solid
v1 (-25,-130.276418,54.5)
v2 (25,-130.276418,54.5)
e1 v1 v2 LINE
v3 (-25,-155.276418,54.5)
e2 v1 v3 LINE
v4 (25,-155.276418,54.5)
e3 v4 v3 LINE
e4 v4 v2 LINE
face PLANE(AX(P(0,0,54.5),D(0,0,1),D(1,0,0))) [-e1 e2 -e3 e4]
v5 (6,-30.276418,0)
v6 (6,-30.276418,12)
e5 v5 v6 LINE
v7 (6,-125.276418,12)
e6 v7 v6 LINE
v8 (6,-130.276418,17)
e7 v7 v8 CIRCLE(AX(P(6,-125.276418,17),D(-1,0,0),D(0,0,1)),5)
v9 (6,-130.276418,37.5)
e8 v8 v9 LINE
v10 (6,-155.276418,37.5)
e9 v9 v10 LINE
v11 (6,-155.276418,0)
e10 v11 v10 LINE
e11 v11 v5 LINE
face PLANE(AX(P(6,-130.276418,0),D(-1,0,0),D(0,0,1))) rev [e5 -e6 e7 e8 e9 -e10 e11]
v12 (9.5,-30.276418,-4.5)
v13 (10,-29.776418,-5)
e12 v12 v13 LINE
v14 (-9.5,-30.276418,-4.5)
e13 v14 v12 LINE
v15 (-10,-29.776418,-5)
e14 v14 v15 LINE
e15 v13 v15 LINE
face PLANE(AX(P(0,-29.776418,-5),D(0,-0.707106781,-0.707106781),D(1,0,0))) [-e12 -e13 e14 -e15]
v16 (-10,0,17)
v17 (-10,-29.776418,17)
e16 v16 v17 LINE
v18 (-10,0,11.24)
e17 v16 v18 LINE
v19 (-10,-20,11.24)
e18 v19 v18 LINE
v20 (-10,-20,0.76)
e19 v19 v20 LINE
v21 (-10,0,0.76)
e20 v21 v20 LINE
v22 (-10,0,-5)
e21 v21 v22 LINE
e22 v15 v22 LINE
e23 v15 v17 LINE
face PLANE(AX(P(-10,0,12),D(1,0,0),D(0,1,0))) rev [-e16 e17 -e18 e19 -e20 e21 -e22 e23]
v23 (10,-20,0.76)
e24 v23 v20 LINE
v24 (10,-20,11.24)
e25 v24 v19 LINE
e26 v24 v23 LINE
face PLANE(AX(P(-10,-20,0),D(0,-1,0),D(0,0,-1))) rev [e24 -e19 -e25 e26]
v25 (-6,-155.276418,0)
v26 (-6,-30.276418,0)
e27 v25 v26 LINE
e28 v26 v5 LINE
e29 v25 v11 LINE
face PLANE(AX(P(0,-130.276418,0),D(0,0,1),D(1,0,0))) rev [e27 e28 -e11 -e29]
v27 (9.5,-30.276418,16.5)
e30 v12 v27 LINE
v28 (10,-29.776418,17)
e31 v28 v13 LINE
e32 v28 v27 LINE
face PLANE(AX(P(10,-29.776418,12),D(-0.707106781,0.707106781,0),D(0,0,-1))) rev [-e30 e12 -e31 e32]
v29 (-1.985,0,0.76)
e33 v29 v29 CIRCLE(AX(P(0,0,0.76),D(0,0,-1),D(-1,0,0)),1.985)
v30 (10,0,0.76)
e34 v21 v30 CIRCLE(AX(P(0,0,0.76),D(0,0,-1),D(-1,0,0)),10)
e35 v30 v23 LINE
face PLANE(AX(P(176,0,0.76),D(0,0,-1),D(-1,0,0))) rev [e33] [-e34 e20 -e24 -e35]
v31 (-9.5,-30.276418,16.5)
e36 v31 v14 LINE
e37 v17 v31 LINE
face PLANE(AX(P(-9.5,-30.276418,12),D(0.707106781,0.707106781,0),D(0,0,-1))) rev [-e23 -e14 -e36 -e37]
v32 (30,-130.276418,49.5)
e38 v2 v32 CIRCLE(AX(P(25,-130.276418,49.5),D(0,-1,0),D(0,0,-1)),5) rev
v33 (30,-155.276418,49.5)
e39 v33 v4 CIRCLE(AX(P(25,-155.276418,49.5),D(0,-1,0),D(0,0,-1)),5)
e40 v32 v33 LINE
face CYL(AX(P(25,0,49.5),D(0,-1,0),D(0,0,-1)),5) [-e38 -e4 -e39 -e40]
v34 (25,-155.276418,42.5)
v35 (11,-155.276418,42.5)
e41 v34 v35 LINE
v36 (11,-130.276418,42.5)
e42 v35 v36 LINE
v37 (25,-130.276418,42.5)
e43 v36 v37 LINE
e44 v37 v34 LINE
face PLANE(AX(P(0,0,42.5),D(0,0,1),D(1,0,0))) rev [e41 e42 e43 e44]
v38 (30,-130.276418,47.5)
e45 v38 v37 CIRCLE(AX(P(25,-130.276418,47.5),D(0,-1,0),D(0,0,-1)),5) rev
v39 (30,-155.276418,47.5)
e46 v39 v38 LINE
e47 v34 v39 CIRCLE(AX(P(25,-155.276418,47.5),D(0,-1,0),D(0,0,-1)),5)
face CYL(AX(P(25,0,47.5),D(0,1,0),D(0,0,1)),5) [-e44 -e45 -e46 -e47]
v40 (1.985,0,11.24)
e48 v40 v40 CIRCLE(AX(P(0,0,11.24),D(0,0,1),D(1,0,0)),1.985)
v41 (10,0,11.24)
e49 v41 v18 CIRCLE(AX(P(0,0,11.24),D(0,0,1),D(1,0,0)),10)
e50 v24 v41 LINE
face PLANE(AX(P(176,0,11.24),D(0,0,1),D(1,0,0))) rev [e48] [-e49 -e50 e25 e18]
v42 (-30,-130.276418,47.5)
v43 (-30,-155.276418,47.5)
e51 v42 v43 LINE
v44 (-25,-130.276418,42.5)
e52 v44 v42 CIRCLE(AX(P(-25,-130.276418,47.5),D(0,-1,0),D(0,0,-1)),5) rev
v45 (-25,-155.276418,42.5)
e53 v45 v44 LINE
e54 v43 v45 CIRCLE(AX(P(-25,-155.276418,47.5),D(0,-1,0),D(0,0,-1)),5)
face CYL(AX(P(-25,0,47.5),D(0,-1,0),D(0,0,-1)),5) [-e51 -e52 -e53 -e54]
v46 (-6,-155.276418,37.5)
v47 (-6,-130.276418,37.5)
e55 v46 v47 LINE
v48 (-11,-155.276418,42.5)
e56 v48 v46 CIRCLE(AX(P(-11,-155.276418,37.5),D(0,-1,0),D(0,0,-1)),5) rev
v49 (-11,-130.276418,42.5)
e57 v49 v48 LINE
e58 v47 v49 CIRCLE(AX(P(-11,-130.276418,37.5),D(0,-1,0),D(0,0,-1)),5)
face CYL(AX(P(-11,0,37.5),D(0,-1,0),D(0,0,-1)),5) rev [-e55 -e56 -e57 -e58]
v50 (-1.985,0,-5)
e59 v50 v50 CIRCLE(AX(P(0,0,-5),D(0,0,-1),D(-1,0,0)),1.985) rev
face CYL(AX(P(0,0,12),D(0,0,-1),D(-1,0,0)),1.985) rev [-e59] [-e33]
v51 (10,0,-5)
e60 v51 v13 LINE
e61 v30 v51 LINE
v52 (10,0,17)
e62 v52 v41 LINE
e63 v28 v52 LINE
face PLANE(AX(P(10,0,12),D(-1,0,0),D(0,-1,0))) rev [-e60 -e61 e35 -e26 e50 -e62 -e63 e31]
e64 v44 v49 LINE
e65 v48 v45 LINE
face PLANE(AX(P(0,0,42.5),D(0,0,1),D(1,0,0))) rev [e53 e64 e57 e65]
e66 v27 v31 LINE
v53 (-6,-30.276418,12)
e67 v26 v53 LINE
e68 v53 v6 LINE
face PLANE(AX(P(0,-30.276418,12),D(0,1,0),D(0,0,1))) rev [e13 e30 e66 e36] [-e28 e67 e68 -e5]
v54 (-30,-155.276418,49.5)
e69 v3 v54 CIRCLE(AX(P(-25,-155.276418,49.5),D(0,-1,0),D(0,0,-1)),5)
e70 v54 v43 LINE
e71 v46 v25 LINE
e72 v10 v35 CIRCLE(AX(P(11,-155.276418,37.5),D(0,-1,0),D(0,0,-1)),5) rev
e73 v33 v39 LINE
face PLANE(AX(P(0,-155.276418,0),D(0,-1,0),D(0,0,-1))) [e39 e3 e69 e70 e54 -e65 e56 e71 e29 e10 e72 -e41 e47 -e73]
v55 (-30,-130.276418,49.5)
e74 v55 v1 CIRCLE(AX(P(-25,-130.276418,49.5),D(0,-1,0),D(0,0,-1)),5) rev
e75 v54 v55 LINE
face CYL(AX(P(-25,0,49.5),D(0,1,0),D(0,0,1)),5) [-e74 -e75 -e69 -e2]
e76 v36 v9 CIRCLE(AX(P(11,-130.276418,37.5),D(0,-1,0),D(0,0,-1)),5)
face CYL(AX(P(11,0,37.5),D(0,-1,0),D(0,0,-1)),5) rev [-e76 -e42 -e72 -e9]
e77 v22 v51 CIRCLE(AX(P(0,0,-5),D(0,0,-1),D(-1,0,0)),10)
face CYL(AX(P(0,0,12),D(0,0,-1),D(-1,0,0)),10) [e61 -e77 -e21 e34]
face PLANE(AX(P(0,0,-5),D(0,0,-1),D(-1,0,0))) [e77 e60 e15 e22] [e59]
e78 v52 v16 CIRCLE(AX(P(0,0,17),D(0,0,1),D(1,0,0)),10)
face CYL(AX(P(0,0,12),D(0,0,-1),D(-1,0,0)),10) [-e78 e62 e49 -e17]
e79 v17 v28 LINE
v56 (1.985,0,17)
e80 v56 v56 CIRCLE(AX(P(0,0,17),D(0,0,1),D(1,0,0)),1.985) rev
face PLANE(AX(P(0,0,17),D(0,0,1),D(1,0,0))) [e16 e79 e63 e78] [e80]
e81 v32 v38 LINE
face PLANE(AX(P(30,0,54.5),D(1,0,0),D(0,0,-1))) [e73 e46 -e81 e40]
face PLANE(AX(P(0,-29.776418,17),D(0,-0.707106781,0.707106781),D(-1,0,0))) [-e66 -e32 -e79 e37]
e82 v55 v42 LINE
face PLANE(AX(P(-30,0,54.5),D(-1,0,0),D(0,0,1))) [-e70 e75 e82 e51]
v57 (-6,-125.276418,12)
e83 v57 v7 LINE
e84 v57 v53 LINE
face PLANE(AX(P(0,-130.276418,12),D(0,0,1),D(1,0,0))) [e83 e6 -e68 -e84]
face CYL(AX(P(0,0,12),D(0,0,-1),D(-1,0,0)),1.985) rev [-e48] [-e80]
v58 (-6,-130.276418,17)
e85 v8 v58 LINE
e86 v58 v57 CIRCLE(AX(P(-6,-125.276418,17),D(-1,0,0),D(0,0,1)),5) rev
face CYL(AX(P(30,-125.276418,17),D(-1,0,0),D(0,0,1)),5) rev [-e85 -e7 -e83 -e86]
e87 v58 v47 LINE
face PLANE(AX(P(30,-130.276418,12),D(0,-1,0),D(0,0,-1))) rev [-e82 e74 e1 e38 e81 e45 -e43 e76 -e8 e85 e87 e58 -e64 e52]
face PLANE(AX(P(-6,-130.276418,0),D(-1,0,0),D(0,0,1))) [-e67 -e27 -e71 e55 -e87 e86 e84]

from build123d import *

# Parameters (mm, degrees)
SKETCH_1_R                = 1.985
EXTRUDE_1_DEPTH           = 12
CUT_EXTRUDE_1_DEPTH       = 21
CUT_EXTRUDE_6_DEPTH       = 21
SKETCH_12_R               = 1.985
EXTRUDE_11_DEPTH          = 5
SKETCH_13_R               = 1.985
EXTRUDE_12_DEPTH          = 5
SKETCH_14_W               = 2.04
SKETCH_14_H               = 20
CUT_EXTRUDE_7_DEPTH       = 21
SKETCH_15_W               = 6
SKETCH_15_H               = 6
EXTRUDE_13_DEPTH          = 100
EXTRUDE_14_DEPTH          = 25
EXTRUDE_19_DEPTH          = 7
SKETCH_31_W               = 5
SKETCH_31_H               = 31
EXTRUDE_20_DEPTH          = 45
EXTRUDE_21_DEPTH          = 31
CUT_EXTRUDE_16_DEPTH      = 60
SKETCH_38_W               = 0.2
SKETCH_38_H               = 20
CUT_EXTRUDE_18_DEPTH      = 187
FILLET_2_R                = 10
EXTRUDE_22_DEPTH          = 12
EXTRUDE_23_DEPTH          = 12
SKETCH_46_W               = 12
SKETCH_46_H               = 6
EXTRUDE_24_DEPTH          = 72
SKETCH_45_W               = 12
SKETCH_45_H               = 12
EXTRUDE_26_DEPTH          = 34.5
CUT_EXTRUDE_22_DEPTH      = 56
CUT_EXTRUDE_22_DEPTH_BACK = 183
SKETCH_52_W               = 276.860759989
SKETCH_52_H               = 117.184268482
CUT_EXTRUDE_24_DEPTH      = 26
EXTRUDE_27_DEPTH          = 12
CUT_EXTRUDE_27_DEPTH      = 12
SKETCH_59_W               = 12
SKETCH_59_H               = 29.920197086
EXTRUDE_29_DEPTH          = 25
SKETCH_60_W               = 24
SKETCH_60_H               = 12
EXTRUDE_30_DEPTH          = 12
EXTRUDE_30_DEPTH_BACK     = 25
SKETCH_61_W               = 281.096086155
SKETCH_61_H               = 164.782481761
CUT_EXTRUDE_30_DEPTH      = 50
CUT_EXTRUDE_30_DEPTH_BACK = 58
CUT_EXTRUDE_34_DEPTH      = 25
CUT_EXTRUDE_34_DEPTH_BACK = 37
CUT_EXTRUDE_36_DEPTH      = 26
SKETCH_70_W               = 12
SKETCH_70_H               = 25
CUT_EXTRUDE_37_DEPTH      = 4
SKETCH_71_W               = 24
SKETCH_71_H               = 25
SKETCH_71_W_2             = 12
EXTRUDE_31_DEPTH          = 12
FILLET_3_R                = 5
FILLET_4_R                = 5
CHAMFER_1_SIZE            = 0.5
FILLET_7_R                = 5


with BuildPart() as part:
    # 草圖1 → 填料-伸長1 (new body)
    with BuildSketch(Plane.XY):
        with BuildLine():
            Line((-10, 0), (-10, -30.276417548))
            Line((-10, -30.276417548), (10, -30.276417548))
            Line((10, -30.276417548), (10, 0))
            ThreePointArc((10, 0), (0, 10), (-10, 0))
        make_face()
        Circle(SKETCH_1_R, mode=Mode.SUBTRACT)
    extrude(amount=EXTRUDE_1_DEPTH)

    # 草圖2 → 除料-伸長1 (cut, through all)
    with BuildSketch(Plane(origin=(10, 0, 0), x_dir=(0, 0, -1), z_dir=(1, 0, 0))):
        Polygon((-9, 0), (-6, 0), (-3, 0), (-3, 15.780779257), (-9, 15.780779257), align=None)
        Polygon((-3, 0), (-6, 0), (-9, 0), (-8.60053373, -20), (-3, -20), align=None)
    extrude(amount=-CUT_EXTRUDE_1_DEPTH, mode=Mode.SUBTRACT)

    # 草圖11 → 除料-伸長6 (cut, through all)
    with BuildSketch(Plane(origin=(10, 0, 0), x_dir=(0, 0, -1), z_dir=(1, 0, 0))):
        Polygon((-9, 0), (-9, -20), (-8.60053373, -20), align=None)
    extrude(amount=-CUT_EXTRUDE_6_DEPTH, mode=Mode.SUBTRACT)

    # 草圖12 → 填料-伸長11 (add)
    with BuildSketch(Plane.XY.offset(12)):
        with BuildLine():
            ThreePointArc((10, 0), (0, 10), (-10, 0))
            ThreePointArc((-10, 0), (0, -10), (10, 0))
        make_face()
        Circle(SKETCH_12_R, mode=Mode.SUBTRACT)
        with BuildLine():
            ThreePointArc((10, 0), (0, -10), (-10, 0))
            Line((-10, 0), (-10, -30.276417548))
            Line((-10, -30.276417548), (10, -30.276417548))
            Line((10, -30.276417548), (10, 0))
        make_face()
    extrude(amount=EXTRUDE_11_DEPTH)

    # 草圖13 → 填料-伸長12 (add)
    with BuildSketch(Plane(origin=(0, 0, 0), x_dir=(-1, 0, 0), z_dir=(0, 0, -1))):
        with BuildLine():
            ThreePointArc((10, 0), (0, 10), (-10, 0))
            ThreePointArc((-10, 0), (0, -10), (10, 0))
        make_face()
        Circle(SKETCH_13_R, mode=Mode.SUBTRACT)
        with BuildLine():
            ThreePointArc((10, 0), (0, -10), (-10, 0))
            Line((-10, 0), (-10, -30.276417548))
            Line((-10, -30.276417548), (10, -30.276417548))
            Line((10, -30.276417548), (10, 0))
        make_face()
    extrude(amount=EXTRUDE_12_DEPTH)

    # 草圖14 → 除料-伸長7 (cut, through all)
    with BuildSketch(Plane.ZY.offset(10)):
        Polygon((3, 0), (3, -20), (9, -20), (9, 0), (11.04, 0), (11.04, 10), (3, 10), (0.96, 10), (0.96, 0), align=None)
        with Locations((1.98, -10)):
            Rectangle(SKETCH_14_W, SKETCH_14_H)
        with Locations((10.02, -10)):
            Rectangle(SKETCH_14_W, SKETCH_14_H)
    extrude(amount=-CUT_EXTRUDE_7_DEPTH, mode=Mode.SUBTRACT)

    # 草圖15 → 填料-伸長13 (add)
    with BuildSketch(Plane.XZ.offset(30.276417548)):
        with Locations((3, 9)):
            Rectangle(SKETCH_15_W, SKETCH_15_H)
        with Locations((-3, 9)):
            Rectangle(SKETCH_15_W, SKETCH_15_H)
        with Locations((3, 3)):
            Rectangle(SKETCH_15_W, SKETCH_15_H)
        with Locations((-3, 3)):
            Rectangle(SKETCH_15_W, SKETCH_15_H)
    extrude(amount=EXTRUDE_13_DEPTH)

    # 草圖16 → 填料-伸長14 (add)
    with BuildSketch(Plane.XZ.offset(130.276417548)):
        Polygon((176, -54), (176, 6), (176, 96), (-61, 96), (-61, 6), (-61, -54), align=None)
    extrude(amount=EXTRUDE_14_DEPTH)

    # 草圖30 → 填料-伸長19 (add)
    with BuildSketch(Plane(origin=(0, -130.276417548, 0), x_dir=(1, 0, 0), z_dir=(0, 1, 0))):
        Polygon((119, -68), (139, -68), (139, -37), (129, -37), (119, -37), align=None)
    extrude(amount=EXTRUDE_19_DEPTH)

    # 草圖31 → 填料-伸長20 (add)
    with BuildSketch(Plane(origin=(0, -130.276417548, 0), x_dir=(1, 0, 0), z_dir=(0, 1, 0))):
        Polygon((119, -68), (114, -68), (114, -37.129725066), (119, -37), align=None)
        with Locations((141.5, -52.5)):
            Rectangle(SKETCH_31_W, SKETCH_31_H)
    extrude(amount=EXTRUDE_20_DEPTH)

    # 草圖33 → 填料-伸長21 (add)
    with BuildSketch(Plane.XY.offset(68)):
        Polygon((159, -130.276417548), (144, -130.276417548), (144, -85.276417548), align=None)
        Polygon((114, -85.276417548), (99, -130.276417548), (114, -130.276417548), align=None)
    extrude(amount=-EXTRUDE_21_DEPTH)

    # 草圖35 → 除料-伸長16 (cut, through all)
    with BuildSketch(Plane(origin=(0, 0, 37), x_dir=(-1, 0, 0), z_dir=(0, 0, -1))):
        with BuildLine():
            ThreePointArc((-132.95, -126.776417548), (-134.95, -124.776417548), (-136.95, -126.776417548))
            Line((-136.95, -126.776417548), (-132.95, -126.776417548))
        make_face()
        with BuildLine():
            Line((-132.95, -126.776417548), (-136.95, -126.776417548))
            ThreePointArc((-136.95, -126.776417548), (-134.95, -128.776417548), (-132.95, -126.776417548))
        make_face()
        with BuildLine():
            ThreePointArc((-121.05, -126.776417548), (-123.05, -124.776417548), (-125.05, -126.776417548))
            Line((-125.05, -126.776417548), (-121.05, -126.776417548))
        make_face()
        with BuildLine():
            Line((-121.05, -126.776417548), (-125.05, -126.776417548))
            ThreePointArc((-125.05, -126.776417548), (-123.05, -128.776417548), (-121.05, -126.776417548))
        make_face()
    extrude(amount=-CUT_EXTRUDE_16_DEPTH, mode=Mode.SUBTRACT)

    # 草圖38 → 除料-伸長18 (cut, through all)
    with BuildSketch(Plane.ZY.offset(10)):
        Polygon((11.04, 10), (0.96, 10), (0.76, 10), (0.76, 0), (0.96, 0), (0.96, -20), (11.04, -20), (11.04, 0), (11.24, 0), (11.24, 10), align=None)
        with Locations((0.86, -10)):
            Rectangle(SKETCH_38_W, SKETCH_38_H)
        with Locations((11.14, -10)):
            Rectangle(SKETCH_38_W, SKETCH_38_H)
    extrude(amount=-CUT_EXTRUDE_18_DEPTH, mode=Mode.SUBTRACT)

    # 圓角2
    fillet_2_edges = [part.edges().sort_by_distance(p)[0] for p in [
        (-61, -142.776417548, 96),
        (-61, -142.776417548, -54),
        (176, -142.776417548, -54),
        (176, -142.776417548, 96),
    ]]
    fillet(fillet_2_edges, radius=FILLET_2_R)

    # 草圖39 → 填料-伸長22 (add)
    with BuildSketch(Plane(origin=(0, 0, 0), x_dir=(-1, 0, 0), z_dir=(0, 0, -1))):
        Polygon((-6, -80.276417548), (-16, -130.276417548), (-6, -130.276417548), align=None)
        Polygon((6, -80.276417548), (16, -130.276417548), (6, -130.276417548), align=None)
    extrude(amount=-EXTRUDE_22_DEPTH)

    # 草圖40 → 填料-伸長23 (add)
    with BuildSketch(Plane(origin=(6, 0, 0), x_dir=(0, 0, -1), z_dir=(1, 0, 0))):
        Polygon((-12, -80.276417548), (-22, -130.276417548), (-12, -130.276417548), align=None)
        Polygon((0, -80.276417548), (11.303196885, -130.276417548), (0, -130.276417548), align=None)
    extrude(amount=-EXTRUDE_23_DEPTH)

    # 草圖46 → 填料-伸長24 (add)
    with BuildSketch(Plane(origin=(0, -130.276417548, 0), x_dir=(1, 0, 0), z_dir=(0, 1, 0))):
        with Locations((0, -55.5)):
            Rectangle(SKETCH_46_W, SKETCH_46_H)
        with Locations((0, -49.5)):
            Rectangle(SKETCH_46_W, SKETCH_46_H)
    extrude(amount=EXTRUDE_24_DEPTH)

    # 草圖45 → 填料-伸長26 (add)
    with BuildSketch(Plane.XY.offset(12)):
        with Locations((0, -64.276417548)):
            Rectangle(SKETCH_45_W, SKETCH_45_H)
    extrude(amount=EXTRUDE_26_DEPTH)

    # 草圖50 → 除料-伸長22 (cut, two sides)
    with BuildSketch(Plane.ZY.offset(6)) as cut_extrude_22_sk:
        Polygon((12, -70.276417548), (0, -70.276417548), (-67.39172142, -119.054967007), (-58.508131327, -164.361276479), (22, -164.361276479), (22, -130.276417548), (21.222089752, -86.407773417), align=None)
    extrude(amount=CUT_EXTRUDE_22_DEPTH, mode=Mode.SUBTRACT)
    extrude(cut_extrude_22_sk.sketch, amount=-CUT_EXTRUDE_22_DEPTH_BACK, mode=Mode.SUBTRACT)

    # 草圖52 → 除料-伸長24 (cut, through all)
    with BuildSketch(Plane(origin=(0, -130.276417548, 0), x_dir=(1, 0, 0), z_dir=(0, 1, 0))):
        with Locations((58.121400767, -52.5)):
            Rectangle(SKETCH_52_W, SKETCH_52_H)
        with BuildLine():
            Line((-17.31105843, -29.920197086), (148.30684395, -29.920197086))
            ThreePointArc((148.30684395, -29.920197086), (170.886646864, -52.5), (148.30684395, -75.079802914))
            Line((148.30684395, -75.079802914), (-17.31105843, -75.079802914))
            ThreePointArc((-17.31105843, -75.079802914), (-39.890861345, -52.5), (-17.31105843, -29.920197086))
        make_face(mode=Mode.SUBTRACT)
    extrude(amount=-CUT_EXTRUDE_24_DEPTH, mode=Mode.SUBTRACT)

    # 草圖57 → 填料-伸長27 (add)
    with BuildSketch(Plane.ZY.offset(6)):
        Polygon((12, -70.276417548), (0, -70.276417548), (0, -130.276417548), (46.5, -130.276417548), (46.5, -118.276417548), (45.651807849, -118.276417548), (12, -118.276417548), align=None)
    extrude(amount=-EXTRUDE_27_DEPTH)

    # 草圖58 → 除料-伸長27 (cut)
    with BuildSketch(Plane.ZY.offset(6)):
        Polygon((12, -50.353469845), (12, -118.276417548), (97.717444729, -118.276417548), (103.225359423, -26.791834768), align=None)
    extrude(amount=-CUT_EXTRUDE_27_DEPTH, mode=Mode.SUBTRACT)

    # 草圖59 → 填料-伸長29 (add)
    with BuildSketch(Plane.XZ.offset(130.276417548)):
        with Locations((0, 14.960098543)):
            Rectangle(SKETCH_59_W, SKETCH_59_H)
    extrude(amount=EXTRUDE_29_DEPTH)

    # 草圖60 → 填料-伸長30 (add, two sides)
    with BuildSketch(Plane(origin=(0, -130.276417548, 0), x_dir=(1, 0, 0), z_dir=(0, 1, 0))) as extrude_30_sk:
        with Locations((18, -52.5)):
            Rectangle(SKETCH_60_W, SKETCH_60_H)
        with Locations((-18, -52.5)):
            Rectangle(SKETCH_60_W, SKETCH_60_H)
    extrude(amount=EXTRUDE_30_DEPTH)
    extrude(extrude_30_sk.sketch, amount=-EXTRUDE_30_DEPTH_BACK)

    # 草圖61 → 除料-伸長30 (cut, two sides)
    with BuildSketch(Plane(origin=(0, -130.276417548, 0), x_dir=(1, 0, 0), z_dir=(0, 1, 0))) as cut_extrude_30_sk:
        with Locations((53.510433176, -39.675707669)):
            Rectangle(SKETCH_61_W, SKETCH_61_H)
        Polygon((6, -29.920197086), (6, -46.5), (30, -46.5), (30, -58.5), (-30, -58.5), (-30, -46.5), (-6, -46.5), (-6, -29.920197086), (-44.589128485, 5.230499952), (-9.133666374, 30.61836171), (-3.443283566, 30.61836171), (36.57596573, 16.820537818), align=None, mode=Mode.SUBTRACT)
    extrude(amount=CUT_EXTRUDE_30_DEPTH, mode=Mode.SUBTRACT)
    extrude(cut_extrude_30_sk.sketch, amount=-CUT_EXTRUDE_30_DEPTH_BACK, mode=Mode.SUBTRACT)

    # 草圖64 → 除料-伸長34 (cut, two sides)
    with BuildSketch(Plane.ZY.offset(6)) as cut_extrude_34_sk:
        Polygon((12, -130.276417548), (58.5, -130.276417548), (58.5, -118.447183966), (58.5, -114.238678803), (12, -115.089037544), align=None)
    extrude(amount=CUT_EXTRUDE_34_DEPTH, mode=Mode.SUBTRACT)
    extrude(cut_extrude_34_sk.sketch, amount=-CUT_EXTRUDE_34_DEPTH_BACK, mode=Mode.SUBTRACT)

    # 草圖69 → 除料-伸長36 (cut, through all)
    with BuildSketch(Plane(origin=(0, -130.276417548, 0), x_dir=(1, 0, 0), z_dir=(0, 1, 0))):
        Polygon((-6, -46.5), (6, -46.5), (66.848936529, -34.461710071), (66.848936529, -79.240565932), (-96.240370082, -76.176749478), (-86.106207966, -40.480855035), (-50.518801466, -30.455180862), align=None)
    extrude(amount=-CUT_EXTRUDE_36_DEPTH, mode=Mode.SUBTRACT)

    # 草圖70 → 除料-伸長37 (cut)
    with BuildSketch(Plane.XY.offset(46.5)):
        with Locations((0, -142.776417548)):
            Rectangle(SKETCH_70_W, SKETCH_70_H)
    extrude(amount=-CUT_EXTRUDE_37_DEPTH, mode=Mode.SUBTRACT)

    # 草圖71 → 填料-伸長31 (add)
    with BuildSketch(Plane.XY.offset(42.5)):
        with Locations((-18, -142.776417548)):
            Rectangle(SKETCH_71_W, SKETCH_71_H)
        with Locations((0, -142.776417548)):
            Rectangle(SKETCH_71_W_2, SKETCH_71_H)
        with Locations((18, -142.776417548)):
            Rectangle(SKETCH_71_W, SKETCH_71_H)
    extrude(amount=EXTRUDE_31_DEPTH)

    # 圓角3
    fillet_3_edges = [part.edges().sort_by_distance(p)[0] for p in [
        (30, -142.776417548, 42.5),
        (-30, -142.776417548, 42.5),
        (-30, -142.776417548, 54.5),
        (30, -142.776417548, 54.5),
    ]]
    fillet(fillet_3_edges, radius=FILLET_3_R)

    # 圓角4
    fillet_4_edges = [part.edges().sort_by_distance(p)[0] for p in [
        (0, -130.276417548, 12),
    ]]
    fillet(fillet_4_edges, radius=FILLET_4_R)

    # 導角1
    chamfer_1_edges = [part.edges().sort_by_distance(p)[0] for p in [
        (10, -30.276417548, 6),
        (-10, -30.276417548, 6),
        (0, -30.276417548, 17),
        (0, -30.276417548, -5),
    ]]
    chamfer(chamfer_1_edges, length=CHAMFER_1_SIZE)

    # 圓角7
    fillet_7_edges = [part.edges().sort_by_distance(p)[0] for p in [
        (6, -142.776417548, 42.5),
        (-6, -142.776417548, 42.5),
    ]]
    fillet(fillet_7_edges, radius=FILLET_7_R)


solid = part.part
